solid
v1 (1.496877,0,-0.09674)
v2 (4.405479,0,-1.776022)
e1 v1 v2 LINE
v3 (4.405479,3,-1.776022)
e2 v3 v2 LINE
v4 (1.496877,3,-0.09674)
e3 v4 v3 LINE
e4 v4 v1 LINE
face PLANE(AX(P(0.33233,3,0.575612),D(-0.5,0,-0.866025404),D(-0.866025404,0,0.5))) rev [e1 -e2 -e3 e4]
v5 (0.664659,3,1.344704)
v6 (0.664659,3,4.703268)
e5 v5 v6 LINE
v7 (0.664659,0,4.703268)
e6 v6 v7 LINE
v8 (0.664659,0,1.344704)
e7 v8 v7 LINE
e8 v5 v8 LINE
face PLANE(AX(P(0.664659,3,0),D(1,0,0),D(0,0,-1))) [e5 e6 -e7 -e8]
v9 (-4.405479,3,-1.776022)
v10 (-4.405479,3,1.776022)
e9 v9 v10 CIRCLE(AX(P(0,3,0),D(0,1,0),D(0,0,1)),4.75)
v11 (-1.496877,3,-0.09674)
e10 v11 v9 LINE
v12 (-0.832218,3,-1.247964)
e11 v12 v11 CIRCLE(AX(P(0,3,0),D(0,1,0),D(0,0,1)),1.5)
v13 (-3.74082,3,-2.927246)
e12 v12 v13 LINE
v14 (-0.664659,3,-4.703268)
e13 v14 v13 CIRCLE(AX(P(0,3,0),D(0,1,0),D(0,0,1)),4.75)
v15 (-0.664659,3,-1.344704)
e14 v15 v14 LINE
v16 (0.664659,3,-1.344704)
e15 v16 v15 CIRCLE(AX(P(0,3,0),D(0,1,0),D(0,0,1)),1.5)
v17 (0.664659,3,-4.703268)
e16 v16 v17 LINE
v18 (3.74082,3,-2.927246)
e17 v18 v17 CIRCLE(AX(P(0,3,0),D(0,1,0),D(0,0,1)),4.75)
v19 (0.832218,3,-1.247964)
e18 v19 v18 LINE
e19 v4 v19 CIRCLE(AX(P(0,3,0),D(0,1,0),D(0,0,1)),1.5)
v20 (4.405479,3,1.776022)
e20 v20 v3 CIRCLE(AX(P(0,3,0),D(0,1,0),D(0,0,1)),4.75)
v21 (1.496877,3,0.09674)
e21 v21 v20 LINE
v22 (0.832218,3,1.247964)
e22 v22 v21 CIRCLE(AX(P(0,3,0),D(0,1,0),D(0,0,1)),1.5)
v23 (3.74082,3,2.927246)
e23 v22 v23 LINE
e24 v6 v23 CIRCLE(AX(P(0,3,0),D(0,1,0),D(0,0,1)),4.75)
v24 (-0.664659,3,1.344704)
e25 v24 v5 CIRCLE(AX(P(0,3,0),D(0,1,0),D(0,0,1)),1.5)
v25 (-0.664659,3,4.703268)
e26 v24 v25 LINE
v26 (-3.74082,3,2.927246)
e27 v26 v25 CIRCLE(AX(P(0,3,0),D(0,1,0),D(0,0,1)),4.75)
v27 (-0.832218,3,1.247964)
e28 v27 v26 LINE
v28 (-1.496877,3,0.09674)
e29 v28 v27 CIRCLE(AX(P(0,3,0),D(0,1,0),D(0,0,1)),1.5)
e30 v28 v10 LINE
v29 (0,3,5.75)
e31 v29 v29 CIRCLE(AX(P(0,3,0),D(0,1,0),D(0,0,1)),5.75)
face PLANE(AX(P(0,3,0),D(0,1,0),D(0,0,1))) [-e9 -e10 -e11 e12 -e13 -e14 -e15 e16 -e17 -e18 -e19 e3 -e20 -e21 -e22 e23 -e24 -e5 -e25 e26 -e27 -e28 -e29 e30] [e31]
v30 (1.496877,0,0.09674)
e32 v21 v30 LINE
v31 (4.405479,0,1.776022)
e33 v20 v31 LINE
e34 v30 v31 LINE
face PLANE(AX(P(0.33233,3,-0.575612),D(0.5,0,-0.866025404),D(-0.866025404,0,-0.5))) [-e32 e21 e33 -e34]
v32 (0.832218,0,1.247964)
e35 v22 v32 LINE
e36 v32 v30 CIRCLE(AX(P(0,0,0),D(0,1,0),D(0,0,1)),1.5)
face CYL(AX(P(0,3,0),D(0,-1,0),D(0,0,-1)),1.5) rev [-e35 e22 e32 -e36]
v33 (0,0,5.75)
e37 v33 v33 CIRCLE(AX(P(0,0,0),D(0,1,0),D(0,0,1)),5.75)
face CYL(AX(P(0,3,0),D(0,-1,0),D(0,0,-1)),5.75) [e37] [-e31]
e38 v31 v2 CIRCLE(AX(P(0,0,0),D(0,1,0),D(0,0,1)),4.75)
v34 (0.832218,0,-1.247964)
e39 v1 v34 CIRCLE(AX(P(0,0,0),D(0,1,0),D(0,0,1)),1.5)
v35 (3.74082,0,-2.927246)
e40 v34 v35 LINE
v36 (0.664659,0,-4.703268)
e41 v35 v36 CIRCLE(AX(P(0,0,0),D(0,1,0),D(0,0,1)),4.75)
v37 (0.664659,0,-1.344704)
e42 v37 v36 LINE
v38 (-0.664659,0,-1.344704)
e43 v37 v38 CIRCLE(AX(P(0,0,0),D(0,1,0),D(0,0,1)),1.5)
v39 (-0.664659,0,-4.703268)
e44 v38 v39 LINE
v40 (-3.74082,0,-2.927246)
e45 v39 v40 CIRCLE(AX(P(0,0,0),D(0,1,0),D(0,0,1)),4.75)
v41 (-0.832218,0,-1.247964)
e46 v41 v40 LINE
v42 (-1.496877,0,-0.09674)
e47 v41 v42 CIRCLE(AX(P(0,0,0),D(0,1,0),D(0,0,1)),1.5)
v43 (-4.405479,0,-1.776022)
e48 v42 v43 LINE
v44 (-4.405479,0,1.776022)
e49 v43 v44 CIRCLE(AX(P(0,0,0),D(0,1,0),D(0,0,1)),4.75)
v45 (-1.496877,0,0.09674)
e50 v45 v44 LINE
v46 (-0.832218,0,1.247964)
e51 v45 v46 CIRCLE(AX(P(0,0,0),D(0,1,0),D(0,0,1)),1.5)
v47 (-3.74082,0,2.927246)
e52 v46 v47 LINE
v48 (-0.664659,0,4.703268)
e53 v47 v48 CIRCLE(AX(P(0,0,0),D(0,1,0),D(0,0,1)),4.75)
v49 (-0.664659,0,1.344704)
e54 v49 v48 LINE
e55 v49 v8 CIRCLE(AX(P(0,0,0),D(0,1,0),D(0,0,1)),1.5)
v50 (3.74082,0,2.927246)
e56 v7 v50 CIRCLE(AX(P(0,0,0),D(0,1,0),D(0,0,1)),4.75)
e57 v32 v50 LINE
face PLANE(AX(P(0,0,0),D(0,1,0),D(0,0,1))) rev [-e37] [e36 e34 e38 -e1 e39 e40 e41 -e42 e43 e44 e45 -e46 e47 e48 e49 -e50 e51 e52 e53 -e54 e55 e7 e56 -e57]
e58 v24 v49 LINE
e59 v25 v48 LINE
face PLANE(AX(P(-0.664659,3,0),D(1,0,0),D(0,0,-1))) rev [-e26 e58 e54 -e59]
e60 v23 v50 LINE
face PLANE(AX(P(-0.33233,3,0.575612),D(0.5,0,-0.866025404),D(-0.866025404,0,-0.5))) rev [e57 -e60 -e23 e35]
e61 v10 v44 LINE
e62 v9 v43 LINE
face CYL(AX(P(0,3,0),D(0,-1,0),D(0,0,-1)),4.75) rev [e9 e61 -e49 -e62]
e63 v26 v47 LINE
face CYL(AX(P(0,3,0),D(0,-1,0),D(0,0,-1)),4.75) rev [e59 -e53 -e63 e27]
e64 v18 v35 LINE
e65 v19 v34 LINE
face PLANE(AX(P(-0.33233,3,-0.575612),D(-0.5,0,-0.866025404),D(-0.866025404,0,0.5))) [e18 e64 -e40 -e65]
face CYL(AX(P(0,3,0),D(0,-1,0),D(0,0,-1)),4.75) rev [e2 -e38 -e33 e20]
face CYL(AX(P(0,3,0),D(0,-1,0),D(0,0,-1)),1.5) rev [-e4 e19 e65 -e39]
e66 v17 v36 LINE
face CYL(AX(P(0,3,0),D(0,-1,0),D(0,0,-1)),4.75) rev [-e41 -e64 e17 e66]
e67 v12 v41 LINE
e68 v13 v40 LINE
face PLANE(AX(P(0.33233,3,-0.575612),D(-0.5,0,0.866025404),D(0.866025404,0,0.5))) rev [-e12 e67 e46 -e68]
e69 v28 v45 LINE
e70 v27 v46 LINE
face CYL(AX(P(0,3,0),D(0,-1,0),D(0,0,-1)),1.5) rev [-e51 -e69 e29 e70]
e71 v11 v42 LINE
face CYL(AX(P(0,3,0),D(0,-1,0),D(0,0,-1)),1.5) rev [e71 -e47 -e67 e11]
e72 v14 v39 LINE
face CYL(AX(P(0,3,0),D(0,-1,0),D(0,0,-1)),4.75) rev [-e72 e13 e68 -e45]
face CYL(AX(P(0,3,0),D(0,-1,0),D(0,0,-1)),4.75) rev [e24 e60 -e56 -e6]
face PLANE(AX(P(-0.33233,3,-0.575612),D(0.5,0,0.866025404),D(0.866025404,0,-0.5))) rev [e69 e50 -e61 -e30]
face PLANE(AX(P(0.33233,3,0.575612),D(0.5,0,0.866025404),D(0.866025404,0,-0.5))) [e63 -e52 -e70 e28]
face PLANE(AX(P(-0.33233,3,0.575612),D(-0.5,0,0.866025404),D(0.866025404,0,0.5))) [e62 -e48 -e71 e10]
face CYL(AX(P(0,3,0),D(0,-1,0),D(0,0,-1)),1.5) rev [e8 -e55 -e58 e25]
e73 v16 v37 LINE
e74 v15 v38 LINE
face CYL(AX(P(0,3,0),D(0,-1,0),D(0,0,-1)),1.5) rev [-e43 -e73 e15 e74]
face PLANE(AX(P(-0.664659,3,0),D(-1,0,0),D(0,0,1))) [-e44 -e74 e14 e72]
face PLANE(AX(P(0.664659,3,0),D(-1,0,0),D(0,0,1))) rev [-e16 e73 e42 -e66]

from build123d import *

# Parameters (mm, degrees)
SKETCH1_R           = 5.75
BOSS_EXTRUDE1_DEPTH = 3


with BuildPart() as part:
    # Sketch1 → Boss-Extrude1 (new body)
    with BuildSketch(Plane(origin=(0, 0, 0), x_dir=(1, 0, 0), z_dir=(0, 1, 0))):
        with Locations(Location((0, 0, 0), (0, 0, 270))):
            Circle(SKETCH1_R)
        with BuildLine():
            ThreePointArc((1.496877193, -0.096740213), (1.299038106, -0.75), (0.832218079, -1.247963569))
            Line((0.832218079, -1.247963569), (3.740819863, -2.927245592))
            ThreePointArc((3.740819863, -2.927245592), (2.375, -4.113620668), (0.664659115, -4.703267828))
            Line((0.664659115, -4.703267828), (0.664659115, -1.344703782))
            ThreePointArc((0.664659115, -1.344703782), (0, -1.5), (-0.664659115, -1.344703782))
            Line((-0.664659115, -1.344703782), (-0.664659115, -4.703267828))
            ThreePointArc((-0.664659115, -4.703267828), (-2.375, -4.113620668), (-3.740819863, -2.927245592))
            Line((-3.740819863, -2.927245592), (-0.832218079, -1.247963569))
            ThreePointArc((-0.832218079, -1.247963569), (-1.299038106, -0.75), (-1.496877193, -0.096740213))
            Line((-1.496877193, -0.096740213), (-4.405478977, -1.776022236))
            ThreePointArc((-4.405478977, -1.776022236), (-4.75, 0), (-4.405478977, 1.776022236))
            Line((-4.405478977, 1.776022236), (-1.496877193, 0.096740213))
            ThreePointArc((-1.496877193, 0.096740213), (-1.299038106, 0.75), (-0.832218079, 1.247963569))
            Line((-0.832218079, 1.247963569), (-3.740819863, 2.927245592))
            ThreePointArc((-3.740819863, 2.927245592), (-2.375, 4.113620668), (-0.664659115, 4.703267828))
            Line((-0.664659115, 4.703267828), (-0.664659115, 1.344703782))
            ThreePointArc((-0.664659115, 1.344703782), (0, 1.5), (0.664659115, 1.344703782))
            Line((0.664659115, 1.344703782), (0.664659115, 4.703267828))
            ThreePointArc((0.664659115, 4.703267828), (2.375, 4.113620668), (3.740819863, 2.927245592))
            Line((3.740819863, 2.927245592), (0.832218079, 1.247963569))
            ThreePointArc((0.832218079, 1.247963569), (1.299038106, 0.75), (1.496877193, 0.096740213))
            Line((1.496877193, 0.096740213), (4.405478977, 1.776022236))
            ThreePointArc((4.405478977, 1.776022236), (4.75, 0), (4.405478977, -1.776022236))
            Line((4.405478977, -1.776022236), (1.496877193, -0.096740213))
        make_face(mode=Mode.SUBTRACT)
    extrude(amount=BOSS_EXTRUDE1_DEPTH)


solid = part.part
